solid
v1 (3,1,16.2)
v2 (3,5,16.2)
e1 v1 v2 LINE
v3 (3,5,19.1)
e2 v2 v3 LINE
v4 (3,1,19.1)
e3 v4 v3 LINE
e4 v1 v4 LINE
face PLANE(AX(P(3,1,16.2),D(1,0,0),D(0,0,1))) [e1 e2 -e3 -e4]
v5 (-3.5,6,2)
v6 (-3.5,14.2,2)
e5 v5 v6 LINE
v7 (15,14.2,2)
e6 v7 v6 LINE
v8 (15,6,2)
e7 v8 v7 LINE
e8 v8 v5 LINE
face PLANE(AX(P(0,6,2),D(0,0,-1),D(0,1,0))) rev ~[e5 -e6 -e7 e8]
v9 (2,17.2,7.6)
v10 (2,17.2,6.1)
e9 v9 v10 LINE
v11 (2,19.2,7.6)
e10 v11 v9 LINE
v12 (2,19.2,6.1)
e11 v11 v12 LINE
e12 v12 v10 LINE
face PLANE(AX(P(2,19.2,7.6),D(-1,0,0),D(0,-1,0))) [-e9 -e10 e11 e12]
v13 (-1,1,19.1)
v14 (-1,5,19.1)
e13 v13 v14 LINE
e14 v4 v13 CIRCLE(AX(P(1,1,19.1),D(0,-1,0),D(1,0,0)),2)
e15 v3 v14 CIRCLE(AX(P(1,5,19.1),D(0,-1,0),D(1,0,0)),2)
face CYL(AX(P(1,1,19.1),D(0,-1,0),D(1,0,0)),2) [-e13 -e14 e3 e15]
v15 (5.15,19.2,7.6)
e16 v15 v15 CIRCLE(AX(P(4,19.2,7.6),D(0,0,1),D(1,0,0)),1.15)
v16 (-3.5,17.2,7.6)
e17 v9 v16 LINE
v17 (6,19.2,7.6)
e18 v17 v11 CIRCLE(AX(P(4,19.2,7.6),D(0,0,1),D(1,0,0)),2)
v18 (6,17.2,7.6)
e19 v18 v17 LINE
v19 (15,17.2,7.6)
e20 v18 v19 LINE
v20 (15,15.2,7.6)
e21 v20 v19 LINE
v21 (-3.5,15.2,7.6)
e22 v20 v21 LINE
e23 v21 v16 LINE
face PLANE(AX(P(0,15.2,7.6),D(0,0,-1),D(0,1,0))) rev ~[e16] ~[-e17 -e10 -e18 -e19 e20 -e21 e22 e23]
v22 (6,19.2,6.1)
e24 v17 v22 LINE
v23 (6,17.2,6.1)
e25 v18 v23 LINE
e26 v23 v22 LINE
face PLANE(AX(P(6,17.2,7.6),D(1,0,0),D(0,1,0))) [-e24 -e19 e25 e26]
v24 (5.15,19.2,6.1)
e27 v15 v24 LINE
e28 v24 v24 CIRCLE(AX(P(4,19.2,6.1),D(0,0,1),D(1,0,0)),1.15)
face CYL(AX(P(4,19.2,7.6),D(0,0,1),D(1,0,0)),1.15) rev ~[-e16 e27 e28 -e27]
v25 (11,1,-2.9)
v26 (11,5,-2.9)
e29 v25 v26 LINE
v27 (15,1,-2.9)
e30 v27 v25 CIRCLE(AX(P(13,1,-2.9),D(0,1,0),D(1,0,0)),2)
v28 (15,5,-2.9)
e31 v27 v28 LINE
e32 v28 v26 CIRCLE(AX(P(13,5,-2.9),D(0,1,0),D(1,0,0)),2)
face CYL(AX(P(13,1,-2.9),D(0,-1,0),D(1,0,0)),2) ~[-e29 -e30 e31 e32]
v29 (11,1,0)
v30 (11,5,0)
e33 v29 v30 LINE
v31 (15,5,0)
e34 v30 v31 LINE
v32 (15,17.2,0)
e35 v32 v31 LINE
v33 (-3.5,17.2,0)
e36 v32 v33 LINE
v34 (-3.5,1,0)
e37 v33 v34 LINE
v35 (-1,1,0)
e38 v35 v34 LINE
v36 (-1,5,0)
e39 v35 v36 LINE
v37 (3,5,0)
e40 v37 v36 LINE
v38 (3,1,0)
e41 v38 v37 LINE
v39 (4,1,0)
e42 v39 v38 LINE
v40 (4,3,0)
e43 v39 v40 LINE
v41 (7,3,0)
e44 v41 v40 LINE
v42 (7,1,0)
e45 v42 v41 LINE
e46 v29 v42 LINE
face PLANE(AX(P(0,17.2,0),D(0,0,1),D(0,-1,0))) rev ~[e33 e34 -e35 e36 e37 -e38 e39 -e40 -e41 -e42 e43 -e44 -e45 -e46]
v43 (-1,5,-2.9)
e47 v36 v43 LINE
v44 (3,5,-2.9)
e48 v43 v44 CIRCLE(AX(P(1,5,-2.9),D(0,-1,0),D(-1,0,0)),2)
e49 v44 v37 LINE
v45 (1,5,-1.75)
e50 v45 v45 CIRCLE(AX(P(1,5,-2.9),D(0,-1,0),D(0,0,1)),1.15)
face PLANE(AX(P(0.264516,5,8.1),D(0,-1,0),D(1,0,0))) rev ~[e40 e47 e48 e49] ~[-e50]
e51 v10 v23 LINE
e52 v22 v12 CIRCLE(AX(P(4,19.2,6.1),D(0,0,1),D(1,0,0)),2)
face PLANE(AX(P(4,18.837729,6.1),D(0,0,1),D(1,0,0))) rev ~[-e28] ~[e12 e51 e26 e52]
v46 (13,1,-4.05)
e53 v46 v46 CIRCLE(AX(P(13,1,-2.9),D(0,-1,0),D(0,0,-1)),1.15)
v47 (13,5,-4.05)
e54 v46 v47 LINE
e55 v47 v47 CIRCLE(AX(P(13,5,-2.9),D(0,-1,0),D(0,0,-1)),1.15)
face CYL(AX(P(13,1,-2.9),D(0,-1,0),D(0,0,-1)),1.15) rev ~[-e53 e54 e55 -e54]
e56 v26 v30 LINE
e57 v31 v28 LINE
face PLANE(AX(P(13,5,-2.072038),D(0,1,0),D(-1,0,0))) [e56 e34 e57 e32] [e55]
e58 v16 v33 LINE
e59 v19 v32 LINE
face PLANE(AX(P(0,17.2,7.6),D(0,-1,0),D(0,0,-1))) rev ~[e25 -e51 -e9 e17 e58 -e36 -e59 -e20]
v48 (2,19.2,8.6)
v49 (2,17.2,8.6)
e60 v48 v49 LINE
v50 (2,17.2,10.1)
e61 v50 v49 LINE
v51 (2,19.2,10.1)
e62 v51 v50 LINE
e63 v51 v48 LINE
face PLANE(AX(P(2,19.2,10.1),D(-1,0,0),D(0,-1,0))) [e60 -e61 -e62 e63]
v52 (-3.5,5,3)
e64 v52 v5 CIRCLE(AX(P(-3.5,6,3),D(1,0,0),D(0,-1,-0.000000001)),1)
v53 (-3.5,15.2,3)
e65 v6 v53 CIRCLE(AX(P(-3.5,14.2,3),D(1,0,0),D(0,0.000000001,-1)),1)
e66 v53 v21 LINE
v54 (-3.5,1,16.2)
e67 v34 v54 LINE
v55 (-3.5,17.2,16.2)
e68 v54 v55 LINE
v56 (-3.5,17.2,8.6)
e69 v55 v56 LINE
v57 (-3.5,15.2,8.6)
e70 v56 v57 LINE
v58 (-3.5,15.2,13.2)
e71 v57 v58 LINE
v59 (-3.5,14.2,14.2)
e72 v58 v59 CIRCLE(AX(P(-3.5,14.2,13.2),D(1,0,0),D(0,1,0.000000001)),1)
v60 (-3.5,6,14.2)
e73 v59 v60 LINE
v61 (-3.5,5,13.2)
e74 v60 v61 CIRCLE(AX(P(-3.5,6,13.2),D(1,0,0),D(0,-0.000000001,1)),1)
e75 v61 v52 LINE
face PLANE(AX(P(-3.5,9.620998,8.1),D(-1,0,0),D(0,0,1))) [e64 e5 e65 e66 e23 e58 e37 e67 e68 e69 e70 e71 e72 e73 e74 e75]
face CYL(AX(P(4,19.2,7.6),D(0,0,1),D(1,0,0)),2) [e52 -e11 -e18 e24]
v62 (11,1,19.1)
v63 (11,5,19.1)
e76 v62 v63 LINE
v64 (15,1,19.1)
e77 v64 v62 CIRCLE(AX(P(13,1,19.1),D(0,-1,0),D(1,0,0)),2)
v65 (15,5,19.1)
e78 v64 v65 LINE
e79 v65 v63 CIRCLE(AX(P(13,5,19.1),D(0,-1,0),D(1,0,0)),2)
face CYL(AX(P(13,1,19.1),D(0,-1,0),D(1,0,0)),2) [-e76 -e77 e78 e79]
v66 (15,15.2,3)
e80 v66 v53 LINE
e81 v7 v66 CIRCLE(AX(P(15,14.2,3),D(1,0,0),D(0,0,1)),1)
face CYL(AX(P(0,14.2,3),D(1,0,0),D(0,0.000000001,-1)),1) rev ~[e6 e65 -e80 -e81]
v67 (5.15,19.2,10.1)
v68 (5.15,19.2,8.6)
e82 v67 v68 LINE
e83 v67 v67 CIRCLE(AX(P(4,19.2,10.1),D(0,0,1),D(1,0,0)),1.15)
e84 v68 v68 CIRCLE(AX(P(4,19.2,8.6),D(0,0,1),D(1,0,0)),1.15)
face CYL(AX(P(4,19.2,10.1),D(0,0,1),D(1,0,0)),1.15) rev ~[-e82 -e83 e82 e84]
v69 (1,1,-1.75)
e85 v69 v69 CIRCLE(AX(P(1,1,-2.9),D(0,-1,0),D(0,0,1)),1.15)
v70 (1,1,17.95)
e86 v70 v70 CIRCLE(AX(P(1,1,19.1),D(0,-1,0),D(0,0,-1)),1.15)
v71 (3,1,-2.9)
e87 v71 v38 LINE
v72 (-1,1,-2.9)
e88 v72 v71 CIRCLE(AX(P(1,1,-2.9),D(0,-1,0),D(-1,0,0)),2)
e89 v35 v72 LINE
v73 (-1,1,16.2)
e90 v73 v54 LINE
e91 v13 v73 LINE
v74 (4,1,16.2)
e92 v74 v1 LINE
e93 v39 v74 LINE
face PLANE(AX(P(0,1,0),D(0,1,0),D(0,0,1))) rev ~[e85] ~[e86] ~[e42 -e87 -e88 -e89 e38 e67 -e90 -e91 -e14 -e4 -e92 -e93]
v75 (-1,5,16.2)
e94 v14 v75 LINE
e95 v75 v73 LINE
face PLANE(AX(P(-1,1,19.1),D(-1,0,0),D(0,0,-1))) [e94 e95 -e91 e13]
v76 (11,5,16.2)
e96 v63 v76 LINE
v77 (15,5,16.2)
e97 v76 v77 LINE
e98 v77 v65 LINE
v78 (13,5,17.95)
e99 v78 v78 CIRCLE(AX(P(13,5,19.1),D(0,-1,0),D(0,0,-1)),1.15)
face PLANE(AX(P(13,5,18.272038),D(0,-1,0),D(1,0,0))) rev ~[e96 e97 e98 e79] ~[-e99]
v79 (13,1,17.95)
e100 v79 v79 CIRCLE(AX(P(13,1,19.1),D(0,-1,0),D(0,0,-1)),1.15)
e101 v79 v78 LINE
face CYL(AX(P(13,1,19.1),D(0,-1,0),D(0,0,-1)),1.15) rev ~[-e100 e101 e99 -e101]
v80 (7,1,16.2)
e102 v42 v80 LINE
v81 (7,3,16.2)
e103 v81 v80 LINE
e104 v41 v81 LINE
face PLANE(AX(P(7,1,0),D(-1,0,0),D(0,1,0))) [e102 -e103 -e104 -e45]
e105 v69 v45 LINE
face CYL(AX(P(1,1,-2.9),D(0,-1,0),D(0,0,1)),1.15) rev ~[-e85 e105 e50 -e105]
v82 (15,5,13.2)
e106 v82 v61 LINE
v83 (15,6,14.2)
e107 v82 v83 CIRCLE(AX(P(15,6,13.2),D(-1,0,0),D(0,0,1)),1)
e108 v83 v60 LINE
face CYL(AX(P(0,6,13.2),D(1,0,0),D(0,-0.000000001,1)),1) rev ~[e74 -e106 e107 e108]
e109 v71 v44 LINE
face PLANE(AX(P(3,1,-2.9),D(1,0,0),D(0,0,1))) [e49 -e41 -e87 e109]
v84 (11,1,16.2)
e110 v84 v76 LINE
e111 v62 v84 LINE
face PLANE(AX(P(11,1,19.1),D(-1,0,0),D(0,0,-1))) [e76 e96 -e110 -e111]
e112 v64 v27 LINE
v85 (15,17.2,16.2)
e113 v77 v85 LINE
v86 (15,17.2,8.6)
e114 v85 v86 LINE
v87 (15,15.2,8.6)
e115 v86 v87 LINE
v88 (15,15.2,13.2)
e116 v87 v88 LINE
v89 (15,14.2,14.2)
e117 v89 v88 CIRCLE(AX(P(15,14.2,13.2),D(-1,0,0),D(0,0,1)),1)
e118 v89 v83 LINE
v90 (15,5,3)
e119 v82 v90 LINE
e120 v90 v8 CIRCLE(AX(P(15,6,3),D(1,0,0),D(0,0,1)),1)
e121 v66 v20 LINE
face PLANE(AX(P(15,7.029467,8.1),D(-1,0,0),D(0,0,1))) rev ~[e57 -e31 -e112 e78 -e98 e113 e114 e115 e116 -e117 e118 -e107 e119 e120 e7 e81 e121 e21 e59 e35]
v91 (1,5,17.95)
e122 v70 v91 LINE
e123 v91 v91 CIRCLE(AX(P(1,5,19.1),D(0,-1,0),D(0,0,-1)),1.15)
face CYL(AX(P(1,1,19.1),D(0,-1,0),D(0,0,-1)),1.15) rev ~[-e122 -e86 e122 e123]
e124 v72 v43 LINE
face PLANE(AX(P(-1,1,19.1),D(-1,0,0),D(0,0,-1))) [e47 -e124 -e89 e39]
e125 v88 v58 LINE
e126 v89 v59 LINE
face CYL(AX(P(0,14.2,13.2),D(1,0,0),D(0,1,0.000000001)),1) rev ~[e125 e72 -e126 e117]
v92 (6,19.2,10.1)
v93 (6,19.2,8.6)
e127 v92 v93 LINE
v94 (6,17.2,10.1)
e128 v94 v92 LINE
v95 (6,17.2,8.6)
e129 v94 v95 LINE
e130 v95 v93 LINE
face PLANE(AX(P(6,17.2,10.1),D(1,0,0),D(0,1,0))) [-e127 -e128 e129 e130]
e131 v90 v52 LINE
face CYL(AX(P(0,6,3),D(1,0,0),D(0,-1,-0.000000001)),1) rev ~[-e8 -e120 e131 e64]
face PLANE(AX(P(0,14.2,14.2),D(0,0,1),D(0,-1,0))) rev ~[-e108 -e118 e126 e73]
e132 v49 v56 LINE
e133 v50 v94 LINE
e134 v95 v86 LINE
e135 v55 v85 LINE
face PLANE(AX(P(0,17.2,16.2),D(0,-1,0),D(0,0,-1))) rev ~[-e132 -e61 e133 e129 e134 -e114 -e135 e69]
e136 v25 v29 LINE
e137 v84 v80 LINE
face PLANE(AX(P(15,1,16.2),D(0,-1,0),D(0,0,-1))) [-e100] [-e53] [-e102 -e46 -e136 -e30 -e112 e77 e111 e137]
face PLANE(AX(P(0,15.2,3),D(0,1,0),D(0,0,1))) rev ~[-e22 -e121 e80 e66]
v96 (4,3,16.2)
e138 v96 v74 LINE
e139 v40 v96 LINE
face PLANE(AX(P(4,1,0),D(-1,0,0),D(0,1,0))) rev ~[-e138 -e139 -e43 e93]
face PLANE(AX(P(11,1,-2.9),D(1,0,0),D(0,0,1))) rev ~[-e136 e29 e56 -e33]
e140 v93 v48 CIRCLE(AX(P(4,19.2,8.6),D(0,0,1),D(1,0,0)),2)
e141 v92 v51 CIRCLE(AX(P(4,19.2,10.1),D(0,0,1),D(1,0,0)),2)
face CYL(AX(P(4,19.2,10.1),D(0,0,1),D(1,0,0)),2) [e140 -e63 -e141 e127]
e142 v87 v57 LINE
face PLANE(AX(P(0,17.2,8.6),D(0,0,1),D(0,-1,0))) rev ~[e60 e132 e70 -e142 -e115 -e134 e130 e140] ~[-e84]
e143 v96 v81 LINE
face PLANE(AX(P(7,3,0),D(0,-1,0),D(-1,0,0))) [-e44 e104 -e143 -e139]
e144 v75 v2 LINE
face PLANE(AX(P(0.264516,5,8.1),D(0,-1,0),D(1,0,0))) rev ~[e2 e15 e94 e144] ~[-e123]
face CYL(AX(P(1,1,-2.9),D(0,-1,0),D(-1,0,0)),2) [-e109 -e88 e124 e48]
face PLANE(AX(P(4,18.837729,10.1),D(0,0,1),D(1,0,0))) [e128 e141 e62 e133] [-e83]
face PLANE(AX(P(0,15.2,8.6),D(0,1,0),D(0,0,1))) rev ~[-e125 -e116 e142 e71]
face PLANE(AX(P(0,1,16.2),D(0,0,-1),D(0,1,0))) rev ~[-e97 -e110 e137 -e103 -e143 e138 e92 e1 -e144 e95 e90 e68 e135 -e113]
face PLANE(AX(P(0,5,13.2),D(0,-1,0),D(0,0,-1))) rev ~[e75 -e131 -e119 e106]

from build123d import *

# Parameters (mm, degrees)
SKETCH_1_W           = 8
SKETCH_1_H           = 5
SKETCH_1_R           = 1.15
EXTRUDE_1_DEPTH      = 4
SKETCH_2_W           = 10.5
SKETCH_2_H           = 8
SKETCH_2_R           = 1.15
EXTRUDE_2_DEPTH      = 7
EXTRUDE_4_DEPTH      = 15
SKETCH_6_R           = 1.15
EXTRUDE_5_DEPTH      = 1.5
EXTRUDE_START        = 2.5
SKETCH_6_2_R         = 1.15
EXTRUDE_6_DEPTH      = 1.5
CUT_EXTRUDE_2_DEPTH  = 3
FILLET_2_R           = 1
SKETCH_9_OUTSIDE_W   = 25.014
SKETCH_9_OUTSIDE_H   = 34.214
SKETCH_9_OUTSIDE_W_2 = 15
SKETCH_9_OUTSIDE_H_2 = 16.2
CUT_EXTRUDE_3_DEPTH  = 36.814522194
SKETCH_12_W          = 16.2
SKETCH_12_H          = 8
CUT_EXTRUDE_5_DEPTH  = 31.608495553
SKETCH_10_W          = 3
SKETCH_10_H          = 2
CUT_EXTRUDE_4_DEPTH  = 31.608495553
SKETCH_11_R          = 1.15
EXTRUDE_7_DEPTH      = 4
EXTRUDE_15_DEPTH     = 3.5


with BuildPart() as part:
    # 草图1 → 凸台-拉伸1 (new body)
    with BuildSketch(Plane(origin=(0, 0, 0), x_dir=(0, 0, -1), z_dir=(1, 0, 0))):
        with Locations((4, 2.5)):
            Rectangle(SKETCH_1_W, SKETCH_1_H)
        with Locations((2, 2.5)):
            Circle(SKETCH_1_R, mode=Mode.SUBTRACT)
        with Locations((6, 2.5)):
            Circle(SKETCH_1_R, mode=Mode.SUBTRACT)
    extrude(amount=EXTRUDE_1_DEPTH)

    # 草图2 → 凸台-拉伸2 (add)
    with BuildSketch(Plane.XZ):
        with Locations((5.25, -4)):
            Rectangle(SKETCH_2_W, SKETCH_2_H)
        with Locations(Location((8, -6, 0), (0, 0, 270))):
            Circle(SKETCH_2_R, mode=Mode.SUBTRACT)
        with Locations(Location((8, -2, 0), (0, 0, 270))):
            Circle(SKETCH_2_R, mode=Mode.SUBTRACT)
    extrude(amount=EXTRUDE_2_DEPTH)

    # 草图5 → 凸台-拉伸4 (add)
    with BuildSketch(Plane.ZY):
        Polygon((14.2, 5), (2, 5), (2, 15.2), (7.6, 15.2), (7.6, 17.2), (0, 17.2), (0, -7), (16.2, -7), (16.2, 17.2), (8.6, 17.2), (8.6, 15.2), (14.2, 15.2), align=None)
    extrude(amount=-EXTRUDE_4_DEPTH)

    # 草图6 → 凸台-拉伸5 (add)
    with BuildSketch(Plane.XY.offset(7.6)):
        with BuildLine():
            Line((2, 19.2), (2, 17.2))
            Line((2, 17.2), (6, 17.2))
            Line((6, 17.2), (6, 19.2))
            ThreePointArc((6, 19.2), (4, 21.2), (2, 19.2))
        make_face()
        with Locations((4, 19.2)):
            Circle(SKETCH_6_R, mode=Mode.SUBTRACT)
    extrude(amount=-EXTRUDE_5_DEPTH)

    # 草图6<2> → 凸台-拉伸6 (add)
    with BuildSketch(Plane.XY.offset(7.6).offset(EXTRUDE_START)):
        with BuildLine():
            Line((2, 19.2), (2, 17.2))
            Line((2, 17.2), (6, 17.2))
            Line((6, 17.2), (6, 19.2))
            ThreePointArc((6, 19.2), (4, 21.2), (2, 19.2))
        make_face()
        with Locations((4, 19.2)):
            Circle(SKETCH_6_2_R, mode=Mode.SUBTRACT)
    extrude(amount=-EXTRUDE_6_DEPTH)

    # 草图8 → 切除-拉伸2 (cut)
    with BuildSketch(Plane(origin=(0, 0, -8), x_dir=(-1, 0, 0), z_dir=(0, 0, -1))):
        Polygon((0, -3), (0, -7), (-4, -7), align=None)
    extrude(amount=-CUT_EXTRUDE_2_DEPTH, mode=Mode.SUBTRACT)

    # 圆角2
    fillet_2_edges = [part.edges().sort_by_distance(p)[0] for p in [
        (7.5, 15.2, 2),
        (7.5, 5, 2),
        (7.5, 5, 14.2),
        (7.5, 15.2, 14.2),
    ]]
    fillet(fillet_2_edges, radius=FILLET_2_R)

    # 草图9 outside → 切除-拉伸3 (cut, through all)
    with BuildSketch(Plane.XZ.offset(7)):
        with Locations((7.5, 4.1)):
            Rectangle(SKETCH_9_OUTSIDE_W, SKETCH_9_OUTSIDE_H)
        with Locations((7.5, 8.1)):
            Rectangle(SKETCH_9_OUTSIDE_W_2, SKETCH_9_OUTSIDE_H_2, mode=Mode.SUBTRACT)
    extrude(amount=-CUT_EXTRUDE_3_DEPTH, mode=Mode.SUBTRACT)

    # 草图12 → 切除-拉伸5 (cut, through all)
    with BuildSketch(Plane(origin=(15, 0, 0), x_dir=(0, 0, -1), z_dir=(1, 0, 0))):
        with Locations((-8.1, -3)):
            Rectangle(SKETCH_12_W, SKETCH_12_H)
    extrude(amount=-CUT_EXTRUDE_5_DEPTH, mode=Mode.SUBTRACT)

    # 草图10 → 切除-拉伸4 (cut, through all)
    with BuildSketch(Plane(origin=(0, 0, 0), x_dir=(-1, 0, 0), z_dir=(0, 0, -1))):
        with Locations((-5.5, 2)):
            Rectangle(SKETCH_10_W, SKETCH_10_H)
    extrude(amount=-CUT_EXTRUDE_4_DEPTH, mode=Mode.SUBTRACT)

    # 草图11 → 凸台-拉伸7 (add)
    # profile 1 of 3: a face of its own
    with BuildSketch(Plane.XZ.offset(-1)):
        with BuildLine():
            Line((0, 16.2), (3, 16.2))
            Line((3, 16.2), (3, 19.1))
            ThreePointArc((3, 19.1), (1, 21.1), (-1, 19.1))
            Line((-1, 19.1), (-1, -2.9))
            ThreePointArc((-1, -2.9), (1, -4.9), (3, -2.9))
            Line((3, -2.9), (3, 0))
            Line((3, 0), (0, 0))
            Line((0, 0), (0, 16.2))
        make_face()
        with Locations(Location((1, 19.1, 0), (0, 0, 270))):
            Circle(SKETCH_11_R, mode=Mode.SUBTRACT)
        with Locations(Location((1, -2.9, 0), (0, 0, 90))):
            Circle(SKETCH_11_R, mode=Mode.SUBTRACT)
    # profile 2 of 3: a face of its own
    with BuildSketch(Plane.XZ.offset(-1)):
        with BuildLine():
            Line((11, 19.1), (11, 16.2))
            Line((11, 16.2), (15, 16.2))
            Line((15, 16.2), (15, 19.1))
            ThreePointArc((15, 19.1), (13, 21.1), (11, 19.1))
        make_face()
        with Locations(Location((13, 19.1, 0), (0, 0, 270))):
            Circle(SKETCH_11_R, mode=Mode.SUBTRACT)
    # profile 3 of 3: a face of its own
    with BuildSketch(Plane.XZ.offset(-1)):
        with BuildLine():
            Line((11, -2.9), (11, 0))
            Line((11, 0), (15, 0))
            Line((15, 0), (15, -2.9))
            ThreePointArc((15, -2.9), (13, -4.9), (11, -2.9))
        make_face()
        with Locations(Location((13, -2.9, 0), (0, 0, 270))):
            Circle(SKETCH_11_R, mode=Mode.SUBTRACT)
    extrude(amount=-EXTRUDE_7_DEPTH)

    # 草图22 → 凸台-拉伸15 (add)
    with BuildSketch(Plane.ZY):
        with BuildLine():
            Line((16.2, 5), (16.2, 17.2))
            Line((16.2, 17.2), (8.6, 17.2))
            Line((8.6, 17.2), (8.6, 15.2))
            Line((8.6, 15.2), (13.2, 15.2))
            ThreePointArc((13.2, 15.2), (13.907106781, 14.907106781), (14.2, 14.2))
            Line((14.2, 14.2), (14.2, 6))
            ThreePointArc((14.2, 6), (13.907106781, 5.292893219), (13.2, 5))
            Line((13.2, 5), (3, 5))
            ThreePointArc((3, 5), (2.292893219, 5.292893219), (2, 6))
            Line((2, 6), (2, 14.2))
            ThreePointArc((2, 14.2), (2.292893219, 14.907106781), (3, 15.2))
            Line((3, 15.2), (7.6, 15.2))
            Line((7.6, 15.2), (7.6, 17.2))
            Line((7.6, 17.2), (0, 17.2))
            Line((0, 17.2), (0, 5))
            Line((0, 5), (0, 1))
            Line((0, 1), (16.2, 1))
            Line((16.2, 1), (16.2, 5))
        make_face()
    extrude(amount=EXTRUDE_15_DEPTH)


solid = part.part
